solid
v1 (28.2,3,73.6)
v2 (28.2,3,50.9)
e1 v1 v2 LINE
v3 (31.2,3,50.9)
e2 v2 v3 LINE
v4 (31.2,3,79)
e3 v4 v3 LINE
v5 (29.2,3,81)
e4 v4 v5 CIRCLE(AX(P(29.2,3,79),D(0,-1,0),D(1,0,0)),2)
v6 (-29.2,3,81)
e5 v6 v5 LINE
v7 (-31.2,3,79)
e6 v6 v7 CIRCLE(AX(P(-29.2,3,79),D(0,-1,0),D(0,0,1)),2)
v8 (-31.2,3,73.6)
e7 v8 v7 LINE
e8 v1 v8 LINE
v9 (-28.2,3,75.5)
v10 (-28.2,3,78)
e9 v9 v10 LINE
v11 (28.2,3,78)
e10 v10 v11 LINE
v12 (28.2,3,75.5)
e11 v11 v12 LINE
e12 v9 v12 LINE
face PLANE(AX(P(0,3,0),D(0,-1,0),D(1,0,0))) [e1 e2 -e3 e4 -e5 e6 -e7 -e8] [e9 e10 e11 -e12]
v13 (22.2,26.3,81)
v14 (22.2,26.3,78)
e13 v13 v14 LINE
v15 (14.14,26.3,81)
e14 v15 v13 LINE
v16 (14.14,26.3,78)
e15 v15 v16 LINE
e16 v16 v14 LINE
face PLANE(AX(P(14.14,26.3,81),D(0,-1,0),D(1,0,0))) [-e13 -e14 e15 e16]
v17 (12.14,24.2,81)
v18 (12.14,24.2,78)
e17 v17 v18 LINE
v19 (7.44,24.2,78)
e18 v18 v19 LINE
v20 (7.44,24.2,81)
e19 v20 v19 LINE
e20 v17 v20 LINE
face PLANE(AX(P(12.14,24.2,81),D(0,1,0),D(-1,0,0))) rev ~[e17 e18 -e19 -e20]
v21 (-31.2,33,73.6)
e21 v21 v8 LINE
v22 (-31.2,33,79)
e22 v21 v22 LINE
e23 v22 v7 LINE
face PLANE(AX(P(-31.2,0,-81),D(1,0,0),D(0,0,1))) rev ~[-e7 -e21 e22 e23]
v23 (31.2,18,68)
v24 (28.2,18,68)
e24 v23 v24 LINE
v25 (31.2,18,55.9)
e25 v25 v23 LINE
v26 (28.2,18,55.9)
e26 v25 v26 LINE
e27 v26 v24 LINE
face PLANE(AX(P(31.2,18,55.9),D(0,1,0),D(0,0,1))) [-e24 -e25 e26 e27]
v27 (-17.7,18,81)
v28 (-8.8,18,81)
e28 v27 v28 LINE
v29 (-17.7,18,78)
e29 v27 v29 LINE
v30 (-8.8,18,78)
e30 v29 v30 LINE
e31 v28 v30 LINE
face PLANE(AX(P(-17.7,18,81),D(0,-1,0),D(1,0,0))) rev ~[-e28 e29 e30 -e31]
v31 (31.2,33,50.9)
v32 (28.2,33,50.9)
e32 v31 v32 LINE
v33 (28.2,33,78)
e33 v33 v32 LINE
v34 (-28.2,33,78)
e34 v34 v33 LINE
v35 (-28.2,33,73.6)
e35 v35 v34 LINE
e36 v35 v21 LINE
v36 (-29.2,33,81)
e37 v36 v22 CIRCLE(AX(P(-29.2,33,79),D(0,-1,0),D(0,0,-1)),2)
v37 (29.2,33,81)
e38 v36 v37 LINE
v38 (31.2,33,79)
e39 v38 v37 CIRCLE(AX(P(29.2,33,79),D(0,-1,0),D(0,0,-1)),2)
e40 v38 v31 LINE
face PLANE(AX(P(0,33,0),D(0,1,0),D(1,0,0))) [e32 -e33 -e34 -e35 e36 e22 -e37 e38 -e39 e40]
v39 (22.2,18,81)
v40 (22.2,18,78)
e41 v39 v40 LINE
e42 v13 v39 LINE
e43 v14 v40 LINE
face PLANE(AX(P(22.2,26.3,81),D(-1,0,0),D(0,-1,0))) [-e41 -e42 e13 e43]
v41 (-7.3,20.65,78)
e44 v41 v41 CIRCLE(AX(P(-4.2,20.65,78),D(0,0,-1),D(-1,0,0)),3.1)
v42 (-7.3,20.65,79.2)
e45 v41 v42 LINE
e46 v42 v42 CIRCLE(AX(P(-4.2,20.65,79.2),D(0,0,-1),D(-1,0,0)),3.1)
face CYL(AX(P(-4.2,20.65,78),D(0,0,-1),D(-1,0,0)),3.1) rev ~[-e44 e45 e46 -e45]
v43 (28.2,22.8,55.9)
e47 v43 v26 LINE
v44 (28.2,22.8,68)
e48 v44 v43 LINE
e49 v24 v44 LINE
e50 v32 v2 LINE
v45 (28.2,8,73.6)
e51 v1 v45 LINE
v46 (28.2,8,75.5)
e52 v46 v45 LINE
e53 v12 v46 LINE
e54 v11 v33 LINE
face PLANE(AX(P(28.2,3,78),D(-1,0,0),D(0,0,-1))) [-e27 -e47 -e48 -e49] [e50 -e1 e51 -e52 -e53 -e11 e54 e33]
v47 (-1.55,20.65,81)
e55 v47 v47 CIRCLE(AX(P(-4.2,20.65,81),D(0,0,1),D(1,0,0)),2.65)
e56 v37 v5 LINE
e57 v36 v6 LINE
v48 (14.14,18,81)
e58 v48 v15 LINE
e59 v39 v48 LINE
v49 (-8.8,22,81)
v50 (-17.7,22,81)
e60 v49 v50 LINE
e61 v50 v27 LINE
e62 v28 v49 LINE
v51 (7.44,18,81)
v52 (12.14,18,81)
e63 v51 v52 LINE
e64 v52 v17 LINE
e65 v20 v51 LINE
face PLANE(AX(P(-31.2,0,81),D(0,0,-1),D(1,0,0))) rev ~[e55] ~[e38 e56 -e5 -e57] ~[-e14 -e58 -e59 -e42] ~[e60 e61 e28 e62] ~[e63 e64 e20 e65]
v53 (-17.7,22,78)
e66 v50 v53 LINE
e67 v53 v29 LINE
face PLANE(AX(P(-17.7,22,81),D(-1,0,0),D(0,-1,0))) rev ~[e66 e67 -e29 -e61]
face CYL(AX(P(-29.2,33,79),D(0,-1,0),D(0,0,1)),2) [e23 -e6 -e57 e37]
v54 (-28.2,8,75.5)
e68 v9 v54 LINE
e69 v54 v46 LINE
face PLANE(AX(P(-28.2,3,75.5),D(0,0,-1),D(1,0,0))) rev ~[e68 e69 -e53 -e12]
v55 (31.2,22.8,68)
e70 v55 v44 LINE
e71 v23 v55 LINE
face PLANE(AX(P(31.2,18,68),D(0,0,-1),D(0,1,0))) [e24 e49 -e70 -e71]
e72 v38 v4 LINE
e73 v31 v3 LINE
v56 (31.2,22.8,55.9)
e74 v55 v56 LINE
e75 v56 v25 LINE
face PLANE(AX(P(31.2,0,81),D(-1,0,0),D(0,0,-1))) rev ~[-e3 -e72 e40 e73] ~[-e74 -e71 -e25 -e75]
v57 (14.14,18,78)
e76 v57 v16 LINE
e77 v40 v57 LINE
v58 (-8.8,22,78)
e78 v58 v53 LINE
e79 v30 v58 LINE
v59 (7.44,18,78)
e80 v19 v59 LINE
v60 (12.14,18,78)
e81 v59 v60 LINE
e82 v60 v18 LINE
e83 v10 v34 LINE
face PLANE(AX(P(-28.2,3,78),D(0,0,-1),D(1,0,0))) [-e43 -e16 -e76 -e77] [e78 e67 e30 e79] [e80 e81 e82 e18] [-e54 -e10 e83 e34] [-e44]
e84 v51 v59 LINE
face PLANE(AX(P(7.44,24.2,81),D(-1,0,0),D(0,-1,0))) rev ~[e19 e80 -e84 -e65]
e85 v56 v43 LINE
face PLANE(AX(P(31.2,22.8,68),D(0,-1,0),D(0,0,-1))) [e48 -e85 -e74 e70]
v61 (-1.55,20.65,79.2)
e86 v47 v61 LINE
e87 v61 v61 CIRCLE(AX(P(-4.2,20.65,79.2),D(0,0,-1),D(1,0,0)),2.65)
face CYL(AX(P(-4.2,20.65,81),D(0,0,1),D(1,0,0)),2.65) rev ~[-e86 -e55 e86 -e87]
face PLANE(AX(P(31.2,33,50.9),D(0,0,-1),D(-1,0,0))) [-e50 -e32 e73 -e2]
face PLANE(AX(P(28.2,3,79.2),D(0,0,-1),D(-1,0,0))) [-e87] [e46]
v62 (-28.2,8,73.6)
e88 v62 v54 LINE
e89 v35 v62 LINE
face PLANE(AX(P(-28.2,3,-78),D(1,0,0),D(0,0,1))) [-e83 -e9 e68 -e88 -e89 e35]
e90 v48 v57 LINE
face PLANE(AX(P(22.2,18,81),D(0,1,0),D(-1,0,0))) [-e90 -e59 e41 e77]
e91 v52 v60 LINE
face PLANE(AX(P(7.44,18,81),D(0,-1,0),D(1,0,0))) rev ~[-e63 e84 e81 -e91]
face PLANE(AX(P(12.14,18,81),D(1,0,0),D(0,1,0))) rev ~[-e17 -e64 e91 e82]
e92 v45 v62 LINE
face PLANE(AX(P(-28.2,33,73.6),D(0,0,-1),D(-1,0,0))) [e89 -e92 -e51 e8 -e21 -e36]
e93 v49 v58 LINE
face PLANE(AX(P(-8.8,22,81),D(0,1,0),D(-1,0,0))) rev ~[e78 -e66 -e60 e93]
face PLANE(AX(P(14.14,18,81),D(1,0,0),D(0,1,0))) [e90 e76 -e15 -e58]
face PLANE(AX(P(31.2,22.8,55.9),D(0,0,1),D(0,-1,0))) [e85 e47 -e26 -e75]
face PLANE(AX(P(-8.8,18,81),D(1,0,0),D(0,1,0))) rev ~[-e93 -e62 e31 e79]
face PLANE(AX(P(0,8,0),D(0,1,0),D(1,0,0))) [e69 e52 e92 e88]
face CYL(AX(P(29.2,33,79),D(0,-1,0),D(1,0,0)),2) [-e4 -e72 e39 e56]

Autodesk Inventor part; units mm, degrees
ref_plane "YZ Plane" through (0, 0, 0) normal (1, 0, 0) x (0, 1, 0)
ref_plane "XZ Plane" through (0, 0, 0) normal (0, 1, 0) x (-1, 0, 0)
ref_plane "XY Plane" through (0, 0, 0) normal (0, 0, 1) x (1, 0, 0)
sketch "Sketch1" plane through (0, 0, 0) normal (0, 1, 0) x (-1, 0, 0)
  line L0 (-31.2, -81) -> (31.2, -81)
  line L1 (31.2, -81) -> (31.2, 81)
  line L2 (31.2, 81) -> (-31.2, 81)
  line L3 (-31.2, 81) -> (-31.2, -81)
  line L4 (-31.2, -81) -> (31.2, 81) construction
  line L5 (31.2, -81) -> (-31.2, 81) construction
  point P0 (0, 0)
  dimension "d0" = 62.4
  dimension "d1" = 162
extrude "Extrusion1" add sketch "Sketch1" along normal blind 3
sketch "Sketch2" plane through (0, 3, 0) normal (0, 1, 0) x (1, 0, 0)
  line L0 (-31.2, 81) -> (-31.2, -81) projected
  line L1 (-31.2, -81) -> (31.2, -81) projected
  line L2 (31.2, -81) -> (31.2, 81) projected
  line L3 (31.2, 81) -> (-31.2, 81) projected
  line L4 (31.2, 81) -> (-31.2, 81)
  line L5 (-31.2, 81) -> (-31.2, -81)
  line L6 (-31.2, -81) -> (31.2, -81)
  line L7 (31.2, -81) -> (31.2, 81)
  line L8 (31.2, 81) -> (-31.2, -81) construction
  line L9 (-31.2, 81) -> (31.2, -81) construction
  line L10 (28.2, 78) -> (-28.2, 78)
  line L11 (-28.2, 78) -> (-28.2, -78)
  line L12 (-28.2, -78) -> (28.2, -78)
  line L13 (28.2, -78) -> (28.2, 78)
  line L14 (28.2, 78) -> (-28.2, -78) construction
  line L15 (-28.2, 78) -> (28.2, -78) construction
  point P0 (0, 0)
  dimension "d4" = 0
  dimension "d5" = 0
  dimension "d6" = 3
  dimension "d7" = 3
extrude "Extrusion2" add sketch "Sketch2" along normal blind 30
fillet "Fillet1" radius 2 4 edges at (31.2, 16.5, 81) (31.2, 16.5, -81) (-31.2, 16.5, 81) (-31.2, 16.5, -81)
sketch "Sketch9" plane through (0, 3, 0) normal (0, 1, 0) x (1, 0, 0)
  line L0 (28.2, 78) -> (-28.2, 78) projected
  line L1 (-28.2, 78) -> (-28.2, -78) projected
  line L2 (-28.2, -78) -> (28.2, -78) projected
  line L3 (28.2, -78) -> (28.2, 78) projected
  line L4 (-28.2, -75.5) -> (28.2, -75.5)
  line L5 (28.2, -75.5) -> (28.2, -73.6)
  line L6 (28.2, -73.6) -> (-28.2, -73.6)
  line L7 (-28.2, -73.6) -> (-28.2, -75.5)
  line L8 (-28.2, 78) -> (-28.2, -78) projected
  line L9 (-28.2, 32.8) -> (28.2, 32.8)
  line L10 (28.2, 32.8) -> (28.2, 34.7)
  line L11 (28.2, 34.7) -> (-28.2, 34.7)
  line L12 (-28.2, 34.7) -> (-28.2, 32.8)
  line L13 (-28.2, 34.7) -> (-11, 34.7)
  line L14 (-11, 34.7) -> (-11, 32.8)
  line L15 (-11, 32.8) -> (-28.2, 32.8)
  line L16 (-28.2, 32.8) -> (-28.2, 34.7)
  line L17 (28.2, 39.1) -> (-11, 39.1)
  line L18 (-11, 39.1) -> (-11, 37.2)
  line L19 (-11, 37.2) -> (28.2, 37.2)
  line L20 (28.2, 37.2) -> (28.2, 39.1)
  line L21 (-11, 37.2) -> (-9, 37.2)
  line L22 (-9, 37.2) -> (-9, 34.7)
  line L23 (-9, 34.7) -> (-11, 34.7)
  line L24 (-11, 34.7) -> (-11, 37.2)
  point P0 (0, 0)
  point P1 (28.2, 14.2)
  point P2 (-28.2, 34.7)
  point P3 (28.2, 32.8)
  point P4 (-28.2, -73.6)
  point P5 (-11, 34.7)
  point P6 (28.2, 37.2)
  dimension "d79" = 1.9
  dimension "d80" = 2.5
  dimension "d81" = 1.9
  dimension "d82" = 106.4
  dimension "d87" = 17.2
  dimension "d163" = 1.9
  dimension "d164" = 2.5
  dimension "d165" = 17.2
  dimension "d166" = 2
extrude "Extrusion9" add sketch "Sketch9" along normal blind 5 contours L3 L19 L18 L17 | L24 L19 L22 L11 | L11 L3 L9 L14 | L6 L3 L4 L1
sketch "Sketch10" plane through (0, 3, 0) normal (0, 1, 0) x (1, 0, 0)
  line L0 (-28.2, -73.6) -> (28.2, -73.6) projected
  line L1 (28.2, -73.6) -> (28.2, 32.8) projected
  line L2 (28.2, 32.8) -> (-11, 32.8) projected
  line L3 (-9, 34.7) -> (28.2, 34.7) projected
  line L4 (28.2, 34.7) -> (28.2, 37.2) projected
  line L5 (28.2, 78) -> (-28.2, 78) projected
  line L6 (-28.2, 78) -> (-28.2, -73.6) projected
  line L7 (-28.2, 37.1) -> (28.2, 37.1)
  line L8 (-28.2, 70.3) -> (-28.2, 37.1)
  line L9 (-28.2, 37.1) -> (28.2, 37.1)
  line L10 (28.2, 37.1) -> (28.2, 39.1)
  line L11 (28.2, 39.1) -> (-28.2, 39.1)
  line L12 (-28.2, 39.1) -> (-28.2, 37.1)
  line L13 (28.2, 34.7) -> (28.2, 78) projected
  line L14 (-28.2, 39.1) -> (28.2, 39.1)
  line L15 (28.2, 39.1) -> (28.2, 75.6)
  line L16 (28.2, 75.6) -> (-23, 75.6)
  line L17 (-23, 75.6) -> (28.2, 75.6)
  line L18 (28.2, 75.6) -> (28.2, 68)
  line L19 (-23, 73.5) -> (-23, 75.6)
  line L20 (28.2, 39.1) -> (26.2, 39.1)
  line L21 (26.2, 39.1) -> (26.2, 75.6)
  line L22 (26.2, 75.6) -> (28.2, 75.6)
  line L23 (28.2, 75.6) -> (28.2, 39.1)
  line L24 (26.2, 39.1) -> (9.6, 39.1)
  line L25 (9.6, 39.1) -> (9.6, 75.6)
  line L26 (9.6, 75.6) -> (26.2, 75.6)
  line L27 (26.2, 75.6) -> (26.2, 39.1)
  line L28 (9.6, 39.1) -> (7.6, 39.1)
  line L29 (7.6, 39.1) -> (7.6, 75.6)
  line L30 (7.6, 75.6) -> (9.6, 75.6)
  line L31 (9.6, 75.6) -> (9.6, 39.1)
  line L32 (7.6, 39.1) -> (-9, 39.1)
  line L33 (-9, 39.1) -> (-9, 75.6)
  line L34 (-9, 75.6) -> (7.6, 75.6)
  line L35 (7.6, 75.6) -> (7.6, 39.1)
  line L36 (-9, 39.1) -> (-11, 39.1)
  line L37 (-11, 39.1) -> (-11, 75.6)
  line L38 (-11, 75.6) -> (-9, 75.6)
  line L39 (-9, 75.6) -> (-9, 39.1)
  line L40 (-23, 75.6) -> (-21.5, 75.6)
  line L41 (-21.5, 75.6) -> (-21.5, 39.1)
  line L42 (-21.5, 39.1) -> (-23, 39.1)
  line L43 (-23, 39.1) -> (-23, 75.6)
  line L44 (-11, 39.2) -> (-11, 57)
  line L45 (-11, 57) -> (-21.5, 57)
  line L46 (-21.5, 57) -> (-21.5, 39.1)
  line L47 (-11, 39.1) -> (28.2, 39.1) projected
  line L48 (28.2, 39.1) -> (28.2, 78) projected
  line L49 (-11, 32.8) -> (-11, 39.1) projected
  line L50 (28.2, 37.2) -> (-9, 37.2) projected
  line L51 (-9, 37.2) -> (-9, 34.7) projected
  line L52 (28.2, -75.5) -> (-28.2, -75.5) projected
  line L53 (-28.2, -75.5) -> (-28.2, -78) projected
  line L54 (-28.2, -78) -> (28.2, -78) projected
  line L55 (28.2, -78) -> (28.2, -75.5) projected
  line L56 (-11, 39.2) -> (-11, 37.1)
  line L57 (-11, 55) -> (-23, 55)
  line L58 (-11, 39.2) -> (-11, 32.8)
  line L59 (-11, 32.8) -> (-11, 32.8)
  line L60 (-11, 32.8) -> (-11, 39.2)
  line L61 (-23, 55) -> (-28.2, 55)
  point P0 (0, 0)
  point P1 (28.2, 37.1)
  point P2 (-9, 39.1)
  point P3 (-11, 39.1)
  point P4 (-21.5, 39.1)
  point P5 (-21.5, 57)
  point P6 (28.2, 37.2)
  point P7 (-11, 37.1)
  point P8 (28.2, 39.1)
  point P9 (-25.2, 72.6)
  point P10 (-11, 39.2)
  point P11 (-11, 39.1)
  point P12 (-11, 55)
  point P13 (-21.5, 75.6)
  point P14 (-25.2, 52)
  point P15 (-11, 37.1)
  point P16 (28.2, 39.1)
  point P17 (-11, 37.1)
  point P18 (-21.5, 55)
  point P19 (-11, 39.1)
  point P20 (-10.1, 32.8)
  point P21 (28.2, 39.1)
  point P22 (-11, 39.1)
  point P23 (-9, 39.1)
  point P24 (-11, 32.8)
  dimension "d90" = 2
  dimension "d91" = 36.5
  dimension "d93" = 2
  dimension "d94" = 16.6
  dimension "d95" = 2
  dimension "d96" = 16.6
  dimension "d97" = 2
  dimension "d98" = 1.5
  dimension "d167" = 2.4
  dimension "d172" = 18.6
  dimension "d173" = 2
  dimension "d174" = 10.5
extrude "Extrusion10" add sketch "Sketch10" along normal blind 1 contours L6 L5 L13 L16 L19 L43 L61 | L37 L16 L33 L11 | L43 L19 L16 L41 L57 | L41 L45 L37 L57 | L29 L16 L25 L11 | L11 L21 L16 L13
sketch "Sketch11" plane through (-23.2, 5, 81) normal (0, 0, 1) x (1, 0, 0)
  line L0 (-6, 28) -> (52.4, 28) projected
  line L1 (5.5, 13) -> (14.4, 13)
  line L2 (14.4, 13) -> (14.4, 17)
  line L3 (14.4, 17) -> (5.5, 17)
  line L4 (5.5, 17) -> (5.5, 13)
  line L5 (45.4, 13) -> (37.34, 13)
  line L6 (37.34, 13) -> (37.34, 21.3)
  line L7 (37.34, 21.3) -> (45.4, 21.3)
  line L8 (45.4, 21.3) -> (45.4, 13)
  circle A0 centre (19, 15.65) radius 2.65
  line L9 (48.4, 0) -> (48.4, 30) projected
  line L10 (52.4, 28) -> (52.4, -5) projected
  line L11 (-6, -5) -> (-6, 28) projected
  line L12 (-6, -5) -> (52.4, -5) projected
  line L13 (54.4, -5) -> (54.4, 28) projected
  line L14 (-8, 28) -> (-8, -5) projected
  line L15 (30.64, 13) -> (35.34, 13)
  line L16 (35.34, 13) -> (35.34, 19.2)
  line L17 (35.34, 19.2) -> (30.64, 19.2)
  line L18 (30.64, 19.2) -> (30.64, 13)
  point P0 (23.2, -5)
  point P1 (46.4, 0)
  point P2 (0, 0)
  dimension "d110" = 8.9
  dimension "d111" = 4
  dimension "d112" = 8.06
  dimension "d113" = 8.3
  dimension "d114" = 5.3
  dimension "d149" = 9
  dimension "d150" = 13.5
  dimension "d151" = 27
  dimension "d152" = 18
  dimension "d153" = 18
  dimension "d154" = 18
  dimension "d168" = 4.7
  dimension "d169" = 6.2
  dimension "d170" = 2
  dimension "d171" = 18
extrude "Extrusion11" cut sketch "Sketch11" against normal blind 3 contours L4 L3 L2 L1 | L5 L6 L7 L8 | A0 | L18 L17 L16 L15
sketch "Sketch12" plane through (28.2, 3, 78) normal (0, 0, -1) x (-1, 0, 0)
  line L0 (14.06, 23.3) -> (14.06, 15) projected
  line L1 (14.06, 15) -> (6, 15) projected
  line L2 (6, 15) -> (6, 23.3) projected
  line L3 (6, 23.3) -> (14.06, 23.3) projected
  line L4 (37, 19) -> (45.9, 19) projected
  line L5 (45.9, 19) -> (45.9, 15) projected
  line L6 (45.9, 15) -> (37, 15) projected
  line L7 (37, 15) -> (37, 19) projected
  circle A0 centre (32.4, 17.65) radius 2.65 projected
  line L8 (56.4, 0) -> (0, 0) projected
  line L9 (56.4, 0) -> (56.4, 30) projected
  line L10 (0, 30) -> (56.4, 30) projected
  line L11 (0, 0) -> (0, 30) projected
  circle A1 centre (32.4, 17.65) radius 3.1
  point P0 (28.2, -3)
  dimension "d128" = 6.2
extrude "Extrusion12" cut sketch "Sketch12" against normal blind 1.2 contours A1
sketch "Sketch13" plane through (23.2, 5, -81) normal (0, 0, -1) x (-1, 0, 0)
  line L0 (-5, 18) -> (51.4, 18)
  line L1 (51.4, 18) -> (51.4, 8.4)
  line L2 (51.4, 8.4) -> (-5, 8.4)
  line L3 (-5, 8.4) -> (-5, 18)
  line L4 (54.4, -5) -> (54.4, 28) projected
  line L5 (-8, 28) -> (-8, -5) projected
  line L6 (-6, -5) -> (52.4, -5) projected
  point P0 (23.2, -5)
  point P1 (51.4, 0)
  point P2 (-5, 0)
  point P3 (-8, -5)
  point P4 (54.4, 11.5)
  point P5 (51.4, 13.2)
  dimension "d131" = 9.6
  dimension "d146" = 3
  dimension "d147" = 3
  dimension "d156" = 23
extrude "Extrusion13" add sketch "Sketch13" along normal blind 6
sketch "Sketch14" plane through (-28.2, 13.4, -81) normal (-1, 0, 0) x (0, 0, 1)
  line L0 (0, 9.6) -> (0, 0) projected
  line L1 (0, 9.6) -> (-6, 9.6) projected
  line L2 (-6, 0) -> (-6, 9.6) projected
  line L3 (0, 0) -> (-6, 0) projected
  line L4 (0, 9.6) -> (-3.4, 9.6)
  line L5 (-3.4, 9.6) -> (-3.4, 6.6)
  line L6 (-3.4, 6.6) -> (0, 6.6)
  line L7 (0, 6.6) -> (0, 9.6)
  line L8 (0, 0) -> (-3.4, 0)
  line L9 (-3.4, 0) -> (-3.4, 3)
  line L10 (-3.4, 3) -> (0, 3)
  line L11 (0, 3) -> (0, 0)
  point P0 (81, -13.4)
  point P1 (0, 6.6)
  dimension "d137" = 3.4
  dimension "d138" = 3
  dimension "d139" = 3.4
  dimension "d140" = 3
extrude "Extrusion14" cut sketch "Sketch14" against normal up to surface (56.4 mm away) contours L0 L6 L5 L1 | L0 L3 L9 L10
fillet "Fillet5" radius 1 18 edges at (0, 23, -87) (0, 23, -84.4) (0, 13.4, -87) (0, 13.4, -84.4) (-28.2, 16.4, -82.7) (-28.2, 20, -82.7) (28.2, 16.4, -82.7) (28.2, 20, -82.7) (-28.2, 18.2, -87) (-28.2, 21.5, -84.4) (-28.2, 14.9, -84.4) (-28.2, 23, -85.7) (-28.2, 13.4, -85.7) (28.2, 23, -85.7) (28.2, 13.4, -85.7) (28.2, 14.9, -84.4) (28.2, 18.2, -87) (28.2, 21.5, -84.4)
sketch "Sketch15" plane through (31.2, 0, 79) normal (1, 0, 0) x (0, 0, -1)
  line L0 (11, 22.8) -> (23.1, 22.8)
  line L1 (23.1, 22.8) -> (23.1, 18)
  line L2 (23.1, 18) -> (11, 18)
  line L3 (11, 18) -> (11, 22.8)
  line L4 (-2, 33) -> (-2, 0) projected
  line L5 (0, 0) -> (158, 0) projected
  point P0 (79, 0)
  dimension "d157" = 12.1
  dimension "d158" = 4.8
  dimension "d159" = 13
  dimension "d160" = 18
extrude "Extrusion15" cut sketch "Sketch15" against normal blind 3
sketch "Sketch16" plane through (0, 33, 0) normal (0, 1, 0) x (1, 0, 0)
  arc A0 (-29.2, 81) -> (-31.2, 79) centre (-29.2, 79) ccw projected
  line L0 (-31.2, 79) -> (-31.2, -79) projected
  arc A1 (-31.2, -79) -> (-29.2, -81) centre (-29.2, -79) ccw projected
  line L1 (-29.2, -81) -> (29.2, -81) projected
  arc A2 (29.2, -81) -> (31.2, -79) centre (29.2, -79) ccw projected
  line L2 (31.2, -79) -> (31.2, 79) projected
  arc A3 (31.2, 79) -> (29.2, 81) centre (29.2, 79) ccw projected
  line L3 (29.2, 81) -> (-29.2, 81) projected
  line L4 (28.2, 78) -> (28.2, -78) projected
  line L5 (28.2, -78) -> (-28.2, -78) projected
  line L6 (-28.2, -78) -> (-28.2, 78) projected
  line L7 (-28.2, 78) -> (28.2, 78) projected
  line L8 (31.2, -79) -> (31.2, 79) projected
  line L9 (31.2, -50.9) -> (-31.2, -50.9)
  line L10 (-31.2, -50.9) -> (-31.2, 149.1)
  line L11 (-31.2, 149.1) -> (31.2, 149.1)
  line L12 (31.2, 149.1) -> (31.2, -50.9)
  line L13 (31.2, -55.9) -> (28.2, -55.9) projected
  line L14 (-28.2, -73.6) -> (28.2, -73.6) projected
  line L15 (-31.2, -50.9) -> (-28.2, -50.9)
  line L16 (-28.2, -50.9) -> (-28.2, -73.6)
  line L17 (-28.2, -73.6) -> (-31.2, -73.6)
  line L18 (-31.2, -73.6) -> (-31.2, -50.9)
  point P0 (0, 0)
  point P1 (-28.2, -50.9)
  point P2 (28.2, -50.9)
  dimension "d175" = 200
  dimension "d176" = 5
extrude "Extrusion16" cut sketch "Sketch16" against normal through all contours L3 A3 L2 L9 L4 L7 L6 L0 A0 | A0 L10 L11 L12 A3 L3 | L9 L6 L17 L0 | L6 L7 L4 L9
sketch "Sketch17" plane through (0, 0, 0) normal (0, -1, 0) x (1, 0, 0)
  line L0 (-28.2, 50.9) -> (31.2, 50.9) projected
  line L1 (31.2, 79) -> (31.2, 50.9) projected
  arc A0 (31.2, 79) -> (29.2, 81) centre (29.2, 79) ccw projected
  line L2 (-29.2, 81) -> (29.2, 81) projected
  arc A1 (-29.2, 81) -> (-31.2, 79) centre (-29.2, 79) ccw projected
  line L3 (-31.2, 73.6) -> (-31.2, 79) projected
  line L4 (-31.2, 73.6) -> (-28.2, 73.6) projected
  line L5 (-28.2, 73.6) -> (-28.2, 50.9) projected
  point P0 (0, 0)
extrude "Extrusion17" cut sketch "Sketch17" against normal blind 3
properties part number "module_command" material "PC/ABS Plastic"
